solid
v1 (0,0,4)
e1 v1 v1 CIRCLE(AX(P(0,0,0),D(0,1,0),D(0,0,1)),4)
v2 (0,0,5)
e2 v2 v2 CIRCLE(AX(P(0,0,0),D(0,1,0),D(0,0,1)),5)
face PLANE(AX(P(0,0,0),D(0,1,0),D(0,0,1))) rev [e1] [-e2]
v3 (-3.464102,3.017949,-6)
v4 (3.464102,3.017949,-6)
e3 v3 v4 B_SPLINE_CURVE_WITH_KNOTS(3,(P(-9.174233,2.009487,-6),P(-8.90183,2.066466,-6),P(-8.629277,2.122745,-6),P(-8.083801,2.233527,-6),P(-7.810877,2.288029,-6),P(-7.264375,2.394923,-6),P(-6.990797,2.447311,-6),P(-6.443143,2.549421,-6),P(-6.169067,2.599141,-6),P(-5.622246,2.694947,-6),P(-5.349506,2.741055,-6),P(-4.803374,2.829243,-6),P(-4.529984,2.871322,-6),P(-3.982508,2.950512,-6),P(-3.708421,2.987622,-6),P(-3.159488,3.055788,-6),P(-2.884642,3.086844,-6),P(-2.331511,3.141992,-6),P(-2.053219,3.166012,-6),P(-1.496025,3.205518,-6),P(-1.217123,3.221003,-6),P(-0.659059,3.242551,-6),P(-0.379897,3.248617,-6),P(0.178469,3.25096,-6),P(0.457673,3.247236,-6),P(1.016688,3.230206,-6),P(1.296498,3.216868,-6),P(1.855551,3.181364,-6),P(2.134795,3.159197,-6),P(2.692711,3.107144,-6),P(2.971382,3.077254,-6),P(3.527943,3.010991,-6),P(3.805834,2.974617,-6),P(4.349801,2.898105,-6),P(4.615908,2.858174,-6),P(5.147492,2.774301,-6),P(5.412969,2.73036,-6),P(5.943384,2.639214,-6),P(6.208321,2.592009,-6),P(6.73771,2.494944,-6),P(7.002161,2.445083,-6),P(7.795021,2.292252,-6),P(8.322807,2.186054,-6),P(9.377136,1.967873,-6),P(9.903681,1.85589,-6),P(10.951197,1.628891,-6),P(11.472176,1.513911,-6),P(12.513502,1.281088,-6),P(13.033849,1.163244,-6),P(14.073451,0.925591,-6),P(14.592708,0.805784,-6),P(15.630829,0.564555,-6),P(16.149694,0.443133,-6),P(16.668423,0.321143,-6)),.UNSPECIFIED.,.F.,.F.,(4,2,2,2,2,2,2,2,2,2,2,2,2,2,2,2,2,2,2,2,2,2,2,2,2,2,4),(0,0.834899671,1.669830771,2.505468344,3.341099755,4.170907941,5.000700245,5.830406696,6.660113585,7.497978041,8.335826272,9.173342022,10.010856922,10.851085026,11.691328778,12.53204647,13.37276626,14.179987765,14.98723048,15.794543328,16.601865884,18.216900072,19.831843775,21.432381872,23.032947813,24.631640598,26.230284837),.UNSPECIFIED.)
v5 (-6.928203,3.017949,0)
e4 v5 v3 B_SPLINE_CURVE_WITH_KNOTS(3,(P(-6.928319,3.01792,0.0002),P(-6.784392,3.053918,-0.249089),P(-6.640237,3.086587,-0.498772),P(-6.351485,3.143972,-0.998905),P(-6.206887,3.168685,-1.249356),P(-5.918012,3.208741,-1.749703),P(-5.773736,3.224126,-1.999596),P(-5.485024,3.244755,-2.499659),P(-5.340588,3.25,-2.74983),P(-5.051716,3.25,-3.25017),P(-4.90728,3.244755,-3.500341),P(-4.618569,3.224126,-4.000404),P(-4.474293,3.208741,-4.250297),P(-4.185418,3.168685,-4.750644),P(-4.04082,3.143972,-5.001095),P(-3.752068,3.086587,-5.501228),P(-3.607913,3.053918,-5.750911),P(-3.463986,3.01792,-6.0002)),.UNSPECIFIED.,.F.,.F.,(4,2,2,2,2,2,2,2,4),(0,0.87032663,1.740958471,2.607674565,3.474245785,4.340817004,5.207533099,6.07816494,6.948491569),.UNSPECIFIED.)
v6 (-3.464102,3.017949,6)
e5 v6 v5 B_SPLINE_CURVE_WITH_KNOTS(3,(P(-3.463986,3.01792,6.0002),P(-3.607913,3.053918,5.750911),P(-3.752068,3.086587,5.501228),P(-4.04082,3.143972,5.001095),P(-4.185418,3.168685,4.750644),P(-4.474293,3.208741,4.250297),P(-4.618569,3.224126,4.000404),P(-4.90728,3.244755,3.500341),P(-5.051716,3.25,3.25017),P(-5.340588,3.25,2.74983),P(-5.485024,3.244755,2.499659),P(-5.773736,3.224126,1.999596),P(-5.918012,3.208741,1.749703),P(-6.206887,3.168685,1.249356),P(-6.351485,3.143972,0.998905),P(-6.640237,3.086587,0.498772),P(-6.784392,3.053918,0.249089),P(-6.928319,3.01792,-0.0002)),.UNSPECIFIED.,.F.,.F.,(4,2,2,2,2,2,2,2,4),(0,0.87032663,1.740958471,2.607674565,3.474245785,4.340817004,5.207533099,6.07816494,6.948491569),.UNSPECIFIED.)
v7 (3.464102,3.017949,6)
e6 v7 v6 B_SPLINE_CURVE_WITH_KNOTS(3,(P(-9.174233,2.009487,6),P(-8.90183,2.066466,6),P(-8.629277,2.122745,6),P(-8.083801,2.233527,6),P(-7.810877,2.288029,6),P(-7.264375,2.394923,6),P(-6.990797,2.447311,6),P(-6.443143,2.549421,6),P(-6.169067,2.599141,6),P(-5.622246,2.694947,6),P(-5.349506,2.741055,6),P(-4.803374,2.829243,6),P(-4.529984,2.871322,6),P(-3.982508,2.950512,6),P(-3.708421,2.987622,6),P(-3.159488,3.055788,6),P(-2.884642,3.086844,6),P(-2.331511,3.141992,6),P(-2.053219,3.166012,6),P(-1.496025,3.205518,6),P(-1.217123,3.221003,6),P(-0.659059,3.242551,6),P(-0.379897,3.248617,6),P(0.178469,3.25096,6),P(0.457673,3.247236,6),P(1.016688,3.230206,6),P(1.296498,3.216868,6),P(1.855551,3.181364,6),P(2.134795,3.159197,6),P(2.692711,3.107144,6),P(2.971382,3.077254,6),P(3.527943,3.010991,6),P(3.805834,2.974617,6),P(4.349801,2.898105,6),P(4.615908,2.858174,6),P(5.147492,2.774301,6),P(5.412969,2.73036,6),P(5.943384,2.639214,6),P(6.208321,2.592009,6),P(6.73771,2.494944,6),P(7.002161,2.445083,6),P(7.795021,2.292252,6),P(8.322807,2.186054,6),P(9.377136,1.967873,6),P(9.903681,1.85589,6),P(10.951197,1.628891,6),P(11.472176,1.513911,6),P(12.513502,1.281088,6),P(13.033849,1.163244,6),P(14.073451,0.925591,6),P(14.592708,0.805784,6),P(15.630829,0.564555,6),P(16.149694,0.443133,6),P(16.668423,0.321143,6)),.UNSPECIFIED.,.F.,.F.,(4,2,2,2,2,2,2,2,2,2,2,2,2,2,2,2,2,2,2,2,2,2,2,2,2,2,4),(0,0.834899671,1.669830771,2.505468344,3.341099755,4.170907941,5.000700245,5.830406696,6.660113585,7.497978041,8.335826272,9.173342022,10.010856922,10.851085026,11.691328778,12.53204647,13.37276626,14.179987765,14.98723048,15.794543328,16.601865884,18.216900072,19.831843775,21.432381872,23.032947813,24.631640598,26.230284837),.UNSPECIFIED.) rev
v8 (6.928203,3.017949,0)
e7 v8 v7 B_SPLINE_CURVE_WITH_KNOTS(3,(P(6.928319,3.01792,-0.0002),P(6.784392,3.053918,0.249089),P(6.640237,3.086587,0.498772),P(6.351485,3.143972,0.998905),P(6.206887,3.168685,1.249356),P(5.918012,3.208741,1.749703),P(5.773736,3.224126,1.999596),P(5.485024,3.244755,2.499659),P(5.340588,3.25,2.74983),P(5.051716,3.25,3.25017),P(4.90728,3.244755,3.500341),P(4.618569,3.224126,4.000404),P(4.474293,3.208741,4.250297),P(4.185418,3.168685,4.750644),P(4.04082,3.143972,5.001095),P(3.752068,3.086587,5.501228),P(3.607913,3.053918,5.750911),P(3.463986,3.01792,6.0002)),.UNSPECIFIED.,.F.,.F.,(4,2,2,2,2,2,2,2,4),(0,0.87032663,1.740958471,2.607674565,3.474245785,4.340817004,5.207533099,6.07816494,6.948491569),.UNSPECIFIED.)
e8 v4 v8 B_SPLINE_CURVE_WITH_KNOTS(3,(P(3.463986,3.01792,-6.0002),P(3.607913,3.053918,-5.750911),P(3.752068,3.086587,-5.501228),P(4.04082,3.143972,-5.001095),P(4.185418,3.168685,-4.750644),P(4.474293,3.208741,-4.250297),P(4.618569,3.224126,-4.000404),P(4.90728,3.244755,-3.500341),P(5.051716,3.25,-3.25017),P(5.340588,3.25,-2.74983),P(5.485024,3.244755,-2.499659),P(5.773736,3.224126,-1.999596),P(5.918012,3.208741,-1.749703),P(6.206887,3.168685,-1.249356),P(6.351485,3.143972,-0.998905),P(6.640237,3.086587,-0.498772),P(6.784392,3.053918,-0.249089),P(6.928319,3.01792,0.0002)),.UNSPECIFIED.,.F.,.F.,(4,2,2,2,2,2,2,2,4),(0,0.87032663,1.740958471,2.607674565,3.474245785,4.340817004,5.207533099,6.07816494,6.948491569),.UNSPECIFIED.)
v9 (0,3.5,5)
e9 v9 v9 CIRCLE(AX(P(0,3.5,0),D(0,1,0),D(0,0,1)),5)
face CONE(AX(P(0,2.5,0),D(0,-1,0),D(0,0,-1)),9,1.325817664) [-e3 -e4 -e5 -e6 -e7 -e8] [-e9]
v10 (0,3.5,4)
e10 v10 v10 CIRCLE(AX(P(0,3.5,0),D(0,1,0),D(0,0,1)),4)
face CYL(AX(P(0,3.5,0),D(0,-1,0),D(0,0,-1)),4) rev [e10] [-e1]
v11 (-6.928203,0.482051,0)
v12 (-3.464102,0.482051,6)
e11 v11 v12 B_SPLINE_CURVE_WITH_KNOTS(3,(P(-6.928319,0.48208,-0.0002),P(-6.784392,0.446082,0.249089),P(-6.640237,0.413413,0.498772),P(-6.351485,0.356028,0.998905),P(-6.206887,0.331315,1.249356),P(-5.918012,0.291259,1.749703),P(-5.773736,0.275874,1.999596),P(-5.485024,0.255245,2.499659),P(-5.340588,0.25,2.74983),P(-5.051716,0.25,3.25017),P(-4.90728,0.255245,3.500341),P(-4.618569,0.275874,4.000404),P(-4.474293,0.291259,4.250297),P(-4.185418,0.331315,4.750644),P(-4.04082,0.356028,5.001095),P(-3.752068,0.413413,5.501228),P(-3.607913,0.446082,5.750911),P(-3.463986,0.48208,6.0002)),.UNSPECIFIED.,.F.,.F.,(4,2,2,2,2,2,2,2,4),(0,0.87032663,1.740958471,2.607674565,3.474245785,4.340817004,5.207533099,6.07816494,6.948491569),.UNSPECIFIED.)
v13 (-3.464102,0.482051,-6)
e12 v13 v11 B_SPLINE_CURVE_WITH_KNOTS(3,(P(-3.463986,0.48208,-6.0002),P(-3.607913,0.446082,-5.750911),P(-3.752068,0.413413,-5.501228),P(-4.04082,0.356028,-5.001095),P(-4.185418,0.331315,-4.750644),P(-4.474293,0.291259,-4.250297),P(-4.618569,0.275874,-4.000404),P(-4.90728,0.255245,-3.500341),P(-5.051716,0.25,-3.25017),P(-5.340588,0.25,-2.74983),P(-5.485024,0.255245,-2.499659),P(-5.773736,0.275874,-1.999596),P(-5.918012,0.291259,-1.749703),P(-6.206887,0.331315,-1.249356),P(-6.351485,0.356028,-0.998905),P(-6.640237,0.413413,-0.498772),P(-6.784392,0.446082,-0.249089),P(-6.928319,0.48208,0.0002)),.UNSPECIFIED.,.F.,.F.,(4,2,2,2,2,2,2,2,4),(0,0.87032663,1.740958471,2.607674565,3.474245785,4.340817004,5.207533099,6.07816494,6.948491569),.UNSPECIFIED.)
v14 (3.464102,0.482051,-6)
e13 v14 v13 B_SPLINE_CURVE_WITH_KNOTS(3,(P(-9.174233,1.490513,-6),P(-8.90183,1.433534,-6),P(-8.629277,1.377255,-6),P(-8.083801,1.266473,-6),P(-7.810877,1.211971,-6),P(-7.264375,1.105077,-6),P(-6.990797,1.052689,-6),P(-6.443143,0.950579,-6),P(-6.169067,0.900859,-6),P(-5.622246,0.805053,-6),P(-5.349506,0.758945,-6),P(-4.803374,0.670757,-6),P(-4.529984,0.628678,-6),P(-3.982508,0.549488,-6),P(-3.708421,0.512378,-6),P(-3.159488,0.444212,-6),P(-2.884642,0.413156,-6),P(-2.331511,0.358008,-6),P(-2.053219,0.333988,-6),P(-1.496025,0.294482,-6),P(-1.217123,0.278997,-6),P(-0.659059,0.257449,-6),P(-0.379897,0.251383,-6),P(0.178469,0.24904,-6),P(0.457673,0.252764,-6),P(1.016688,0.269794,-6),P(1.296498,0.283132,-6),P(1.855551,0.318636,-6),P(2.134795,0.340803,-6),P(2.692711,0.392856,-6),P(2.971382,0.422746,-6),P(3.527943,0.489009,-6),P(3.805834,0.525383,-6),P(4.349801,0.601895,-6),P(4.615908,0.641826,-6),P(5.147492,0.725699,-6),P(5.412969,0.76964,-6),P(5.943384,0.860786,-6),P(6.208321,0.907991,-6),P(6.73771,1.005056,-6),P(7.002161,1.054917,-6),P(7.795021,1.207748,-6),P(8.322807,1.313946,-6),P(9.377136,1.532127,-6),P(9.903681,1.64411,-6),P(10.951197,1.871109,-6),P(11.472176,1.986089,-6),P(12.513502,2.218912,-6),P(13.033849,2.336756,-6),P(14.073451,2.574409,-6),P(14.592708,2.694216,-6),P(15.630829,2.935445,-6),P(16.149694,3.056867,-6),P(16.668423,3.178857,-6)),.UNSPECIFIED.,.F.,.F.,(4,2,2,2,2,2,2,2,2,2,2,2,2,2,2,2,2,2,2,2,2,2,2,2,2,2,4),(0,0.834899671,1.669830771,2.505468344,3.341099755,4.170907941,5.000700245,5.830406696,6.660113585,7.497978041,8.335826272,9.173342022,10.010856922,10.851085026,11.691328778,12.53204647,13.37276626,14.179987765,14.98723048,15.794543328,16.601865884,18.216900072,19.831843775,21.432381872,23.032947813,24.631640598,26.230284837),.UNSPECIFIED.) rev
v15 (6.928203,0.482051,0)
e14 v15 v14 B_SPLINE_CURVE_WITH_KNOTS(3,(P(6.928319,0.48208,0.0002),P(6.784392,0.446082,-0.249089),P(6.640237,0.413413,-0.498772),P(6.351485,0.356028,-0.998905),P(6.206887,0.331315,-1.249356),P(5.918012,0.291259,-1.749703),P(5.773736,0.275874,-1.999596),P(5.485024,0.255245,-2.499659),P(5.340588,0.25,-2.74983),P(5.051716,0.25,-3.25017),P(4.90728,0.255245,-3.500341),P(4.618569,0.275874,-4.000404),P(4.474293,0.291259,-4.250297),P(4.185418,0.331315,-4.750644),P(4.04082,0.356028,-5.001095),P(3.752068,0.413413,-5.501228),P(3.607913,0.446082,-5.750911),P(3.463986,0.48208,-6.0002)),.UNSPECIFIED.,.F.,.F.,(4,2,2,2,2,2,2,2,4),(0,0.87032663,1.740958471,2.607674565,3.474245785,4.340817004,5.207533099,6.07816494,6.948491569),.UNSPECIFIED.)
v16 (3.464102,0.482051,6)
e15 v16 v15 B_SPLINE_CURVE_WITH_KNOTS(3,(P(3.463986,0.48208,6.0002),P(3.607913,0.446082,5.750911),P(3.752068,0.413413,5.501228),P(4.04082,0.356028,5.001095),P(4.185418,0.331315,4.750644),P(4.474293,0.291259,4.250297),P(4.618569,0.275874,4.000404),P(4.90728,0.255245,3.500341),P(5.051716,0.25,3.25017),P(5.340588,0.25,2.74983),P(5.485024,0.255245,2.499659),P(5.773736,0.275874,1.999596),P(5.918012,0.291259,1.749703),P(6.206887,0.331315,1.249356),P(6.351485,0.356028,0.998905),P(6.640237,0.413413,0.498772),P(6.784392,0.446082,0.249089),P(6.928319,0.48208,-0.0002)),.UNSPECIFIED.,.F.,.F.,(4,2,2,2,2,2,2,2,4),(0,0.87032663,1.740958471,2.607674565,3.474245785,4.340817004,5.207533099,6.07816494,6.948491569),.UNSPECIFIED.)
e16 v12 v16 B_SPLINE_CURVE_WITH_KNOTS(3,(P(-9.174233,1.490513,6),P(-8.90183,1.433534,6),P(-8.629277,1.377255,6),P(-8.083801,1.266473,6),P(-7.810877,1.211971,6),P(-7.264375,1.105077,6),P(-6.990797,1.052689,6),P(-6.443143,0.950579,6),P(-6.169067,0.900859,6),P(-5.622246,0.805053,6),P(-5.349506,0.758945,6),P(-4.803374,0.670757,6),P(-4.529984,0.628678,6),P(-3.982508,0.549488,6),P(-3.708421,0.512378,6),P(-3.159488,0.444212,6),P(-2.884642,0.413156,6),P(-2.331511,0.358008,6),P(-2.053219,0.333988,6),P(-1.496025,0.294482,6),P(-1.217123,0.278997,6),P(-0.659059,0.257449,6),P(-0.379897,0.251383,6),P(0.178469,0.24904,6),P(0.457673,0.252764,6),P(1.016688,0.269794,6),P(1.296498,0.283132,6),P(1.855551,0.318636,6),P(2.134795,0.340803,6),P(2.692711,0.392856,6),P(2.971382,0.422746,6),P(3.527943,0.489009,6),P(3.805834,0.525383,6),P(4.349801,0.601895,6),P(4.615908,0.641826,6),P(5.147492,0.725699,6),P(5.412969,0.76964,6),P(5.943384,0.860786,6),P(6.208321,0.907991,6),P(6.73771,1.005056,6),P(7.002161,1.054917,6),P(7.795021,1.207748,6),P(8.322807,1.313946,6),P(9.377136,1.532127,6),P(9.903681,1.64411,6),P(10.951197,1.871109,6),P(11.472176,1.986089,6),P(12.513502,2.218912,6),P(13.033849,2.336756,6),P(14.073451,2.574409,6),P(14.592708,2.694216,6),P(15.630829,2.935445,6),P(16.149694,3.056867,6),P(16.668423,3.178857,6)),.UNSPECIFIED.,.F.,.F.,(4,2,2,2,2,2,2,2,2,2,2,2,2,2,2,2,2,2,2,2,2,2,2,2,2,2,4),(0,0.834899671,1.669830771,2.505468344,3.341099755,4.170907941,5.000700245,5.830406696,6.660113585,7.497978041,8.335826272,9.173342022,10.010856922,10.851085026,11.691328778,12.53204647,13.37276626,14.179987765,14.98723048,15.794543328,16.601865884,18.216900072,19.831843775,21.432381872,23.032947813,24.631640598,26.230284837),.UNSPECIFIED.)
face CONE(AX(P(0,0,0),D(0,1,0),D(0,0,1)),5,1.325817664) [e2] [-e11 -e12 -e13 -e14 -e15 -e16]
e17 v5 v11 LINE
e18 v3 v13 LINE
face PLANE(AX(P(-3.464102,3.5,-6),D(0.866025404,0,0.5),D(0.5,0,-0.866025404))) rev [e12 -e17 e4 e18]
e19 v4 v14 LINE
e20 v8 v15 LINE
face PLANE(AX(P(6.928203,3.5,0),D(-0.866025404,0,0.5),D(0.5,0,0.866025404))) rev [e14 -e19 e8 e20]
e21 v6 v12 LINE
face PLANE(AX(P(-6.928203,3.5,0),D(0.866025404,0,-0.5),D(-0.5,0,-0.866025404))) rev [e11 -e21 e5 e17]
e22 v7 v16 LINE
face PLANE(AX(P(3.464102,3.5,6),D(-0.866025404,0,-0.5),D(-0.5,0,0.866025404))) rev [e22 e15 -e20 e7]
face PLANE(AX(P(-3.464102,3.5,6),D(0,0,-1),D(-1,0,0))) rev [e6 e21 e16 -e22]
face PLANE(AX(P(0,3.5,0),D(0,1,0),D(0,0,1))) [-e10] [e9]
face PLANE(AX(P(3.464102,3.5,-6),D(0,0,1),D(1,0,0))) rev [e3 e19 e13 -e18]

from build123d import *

# Parameters (mm, degrees)
SKETCH_1_R      = 4
EXTRUDE_1_DEPTH = 3.5


with BuildPart() as part:
    # 草图1 → 凸台-拉伸1 (new body)
    with BuildSketch(Plane(origin=(0, 0, 0), x_dir=(1, 0, 0), z_dir=(0, 1, 0))):
        Polygon((6.92820323, 0), (3.464101615, 6), (-3.464101615, 6), (-6.92820323, 0), (-3.464101615, -6), (3.464101615, -6), align=None)
        with Locations(Location((0, 0, 0), (0, 0, 270))):
            Circle(SKETCH_1_R, mode=Mode.SUBTRACT)
    extrude(amount=EXTRUDE_1_DEPTH)

    # 草图2 → 切除-旋转1 (revolve, cut)
    with BuildSketch(Plane(origin=(0, 0, 0), x_dir=(0, 0, -1), z_dir=(1, 0, 0)), mode=Mode.PRIVATE) as cut_revolve_1_sk:
        Polygon((-5, 3.5), (-9, 3.5), (-9, 2.5), align=None)
        Polygon((-9, 1), (-5, 0), (-9, 0), align=None)
    revolve(cut_revolve_1_sk.sketch.rotate(Axis((0, 3.5, 0), (0, -1, 0)), 209.99999999), axis=Axis((0, 3.5, 0), (0, -1, 0)), mode=Mode.SUBTRACT)


solid = part.part
